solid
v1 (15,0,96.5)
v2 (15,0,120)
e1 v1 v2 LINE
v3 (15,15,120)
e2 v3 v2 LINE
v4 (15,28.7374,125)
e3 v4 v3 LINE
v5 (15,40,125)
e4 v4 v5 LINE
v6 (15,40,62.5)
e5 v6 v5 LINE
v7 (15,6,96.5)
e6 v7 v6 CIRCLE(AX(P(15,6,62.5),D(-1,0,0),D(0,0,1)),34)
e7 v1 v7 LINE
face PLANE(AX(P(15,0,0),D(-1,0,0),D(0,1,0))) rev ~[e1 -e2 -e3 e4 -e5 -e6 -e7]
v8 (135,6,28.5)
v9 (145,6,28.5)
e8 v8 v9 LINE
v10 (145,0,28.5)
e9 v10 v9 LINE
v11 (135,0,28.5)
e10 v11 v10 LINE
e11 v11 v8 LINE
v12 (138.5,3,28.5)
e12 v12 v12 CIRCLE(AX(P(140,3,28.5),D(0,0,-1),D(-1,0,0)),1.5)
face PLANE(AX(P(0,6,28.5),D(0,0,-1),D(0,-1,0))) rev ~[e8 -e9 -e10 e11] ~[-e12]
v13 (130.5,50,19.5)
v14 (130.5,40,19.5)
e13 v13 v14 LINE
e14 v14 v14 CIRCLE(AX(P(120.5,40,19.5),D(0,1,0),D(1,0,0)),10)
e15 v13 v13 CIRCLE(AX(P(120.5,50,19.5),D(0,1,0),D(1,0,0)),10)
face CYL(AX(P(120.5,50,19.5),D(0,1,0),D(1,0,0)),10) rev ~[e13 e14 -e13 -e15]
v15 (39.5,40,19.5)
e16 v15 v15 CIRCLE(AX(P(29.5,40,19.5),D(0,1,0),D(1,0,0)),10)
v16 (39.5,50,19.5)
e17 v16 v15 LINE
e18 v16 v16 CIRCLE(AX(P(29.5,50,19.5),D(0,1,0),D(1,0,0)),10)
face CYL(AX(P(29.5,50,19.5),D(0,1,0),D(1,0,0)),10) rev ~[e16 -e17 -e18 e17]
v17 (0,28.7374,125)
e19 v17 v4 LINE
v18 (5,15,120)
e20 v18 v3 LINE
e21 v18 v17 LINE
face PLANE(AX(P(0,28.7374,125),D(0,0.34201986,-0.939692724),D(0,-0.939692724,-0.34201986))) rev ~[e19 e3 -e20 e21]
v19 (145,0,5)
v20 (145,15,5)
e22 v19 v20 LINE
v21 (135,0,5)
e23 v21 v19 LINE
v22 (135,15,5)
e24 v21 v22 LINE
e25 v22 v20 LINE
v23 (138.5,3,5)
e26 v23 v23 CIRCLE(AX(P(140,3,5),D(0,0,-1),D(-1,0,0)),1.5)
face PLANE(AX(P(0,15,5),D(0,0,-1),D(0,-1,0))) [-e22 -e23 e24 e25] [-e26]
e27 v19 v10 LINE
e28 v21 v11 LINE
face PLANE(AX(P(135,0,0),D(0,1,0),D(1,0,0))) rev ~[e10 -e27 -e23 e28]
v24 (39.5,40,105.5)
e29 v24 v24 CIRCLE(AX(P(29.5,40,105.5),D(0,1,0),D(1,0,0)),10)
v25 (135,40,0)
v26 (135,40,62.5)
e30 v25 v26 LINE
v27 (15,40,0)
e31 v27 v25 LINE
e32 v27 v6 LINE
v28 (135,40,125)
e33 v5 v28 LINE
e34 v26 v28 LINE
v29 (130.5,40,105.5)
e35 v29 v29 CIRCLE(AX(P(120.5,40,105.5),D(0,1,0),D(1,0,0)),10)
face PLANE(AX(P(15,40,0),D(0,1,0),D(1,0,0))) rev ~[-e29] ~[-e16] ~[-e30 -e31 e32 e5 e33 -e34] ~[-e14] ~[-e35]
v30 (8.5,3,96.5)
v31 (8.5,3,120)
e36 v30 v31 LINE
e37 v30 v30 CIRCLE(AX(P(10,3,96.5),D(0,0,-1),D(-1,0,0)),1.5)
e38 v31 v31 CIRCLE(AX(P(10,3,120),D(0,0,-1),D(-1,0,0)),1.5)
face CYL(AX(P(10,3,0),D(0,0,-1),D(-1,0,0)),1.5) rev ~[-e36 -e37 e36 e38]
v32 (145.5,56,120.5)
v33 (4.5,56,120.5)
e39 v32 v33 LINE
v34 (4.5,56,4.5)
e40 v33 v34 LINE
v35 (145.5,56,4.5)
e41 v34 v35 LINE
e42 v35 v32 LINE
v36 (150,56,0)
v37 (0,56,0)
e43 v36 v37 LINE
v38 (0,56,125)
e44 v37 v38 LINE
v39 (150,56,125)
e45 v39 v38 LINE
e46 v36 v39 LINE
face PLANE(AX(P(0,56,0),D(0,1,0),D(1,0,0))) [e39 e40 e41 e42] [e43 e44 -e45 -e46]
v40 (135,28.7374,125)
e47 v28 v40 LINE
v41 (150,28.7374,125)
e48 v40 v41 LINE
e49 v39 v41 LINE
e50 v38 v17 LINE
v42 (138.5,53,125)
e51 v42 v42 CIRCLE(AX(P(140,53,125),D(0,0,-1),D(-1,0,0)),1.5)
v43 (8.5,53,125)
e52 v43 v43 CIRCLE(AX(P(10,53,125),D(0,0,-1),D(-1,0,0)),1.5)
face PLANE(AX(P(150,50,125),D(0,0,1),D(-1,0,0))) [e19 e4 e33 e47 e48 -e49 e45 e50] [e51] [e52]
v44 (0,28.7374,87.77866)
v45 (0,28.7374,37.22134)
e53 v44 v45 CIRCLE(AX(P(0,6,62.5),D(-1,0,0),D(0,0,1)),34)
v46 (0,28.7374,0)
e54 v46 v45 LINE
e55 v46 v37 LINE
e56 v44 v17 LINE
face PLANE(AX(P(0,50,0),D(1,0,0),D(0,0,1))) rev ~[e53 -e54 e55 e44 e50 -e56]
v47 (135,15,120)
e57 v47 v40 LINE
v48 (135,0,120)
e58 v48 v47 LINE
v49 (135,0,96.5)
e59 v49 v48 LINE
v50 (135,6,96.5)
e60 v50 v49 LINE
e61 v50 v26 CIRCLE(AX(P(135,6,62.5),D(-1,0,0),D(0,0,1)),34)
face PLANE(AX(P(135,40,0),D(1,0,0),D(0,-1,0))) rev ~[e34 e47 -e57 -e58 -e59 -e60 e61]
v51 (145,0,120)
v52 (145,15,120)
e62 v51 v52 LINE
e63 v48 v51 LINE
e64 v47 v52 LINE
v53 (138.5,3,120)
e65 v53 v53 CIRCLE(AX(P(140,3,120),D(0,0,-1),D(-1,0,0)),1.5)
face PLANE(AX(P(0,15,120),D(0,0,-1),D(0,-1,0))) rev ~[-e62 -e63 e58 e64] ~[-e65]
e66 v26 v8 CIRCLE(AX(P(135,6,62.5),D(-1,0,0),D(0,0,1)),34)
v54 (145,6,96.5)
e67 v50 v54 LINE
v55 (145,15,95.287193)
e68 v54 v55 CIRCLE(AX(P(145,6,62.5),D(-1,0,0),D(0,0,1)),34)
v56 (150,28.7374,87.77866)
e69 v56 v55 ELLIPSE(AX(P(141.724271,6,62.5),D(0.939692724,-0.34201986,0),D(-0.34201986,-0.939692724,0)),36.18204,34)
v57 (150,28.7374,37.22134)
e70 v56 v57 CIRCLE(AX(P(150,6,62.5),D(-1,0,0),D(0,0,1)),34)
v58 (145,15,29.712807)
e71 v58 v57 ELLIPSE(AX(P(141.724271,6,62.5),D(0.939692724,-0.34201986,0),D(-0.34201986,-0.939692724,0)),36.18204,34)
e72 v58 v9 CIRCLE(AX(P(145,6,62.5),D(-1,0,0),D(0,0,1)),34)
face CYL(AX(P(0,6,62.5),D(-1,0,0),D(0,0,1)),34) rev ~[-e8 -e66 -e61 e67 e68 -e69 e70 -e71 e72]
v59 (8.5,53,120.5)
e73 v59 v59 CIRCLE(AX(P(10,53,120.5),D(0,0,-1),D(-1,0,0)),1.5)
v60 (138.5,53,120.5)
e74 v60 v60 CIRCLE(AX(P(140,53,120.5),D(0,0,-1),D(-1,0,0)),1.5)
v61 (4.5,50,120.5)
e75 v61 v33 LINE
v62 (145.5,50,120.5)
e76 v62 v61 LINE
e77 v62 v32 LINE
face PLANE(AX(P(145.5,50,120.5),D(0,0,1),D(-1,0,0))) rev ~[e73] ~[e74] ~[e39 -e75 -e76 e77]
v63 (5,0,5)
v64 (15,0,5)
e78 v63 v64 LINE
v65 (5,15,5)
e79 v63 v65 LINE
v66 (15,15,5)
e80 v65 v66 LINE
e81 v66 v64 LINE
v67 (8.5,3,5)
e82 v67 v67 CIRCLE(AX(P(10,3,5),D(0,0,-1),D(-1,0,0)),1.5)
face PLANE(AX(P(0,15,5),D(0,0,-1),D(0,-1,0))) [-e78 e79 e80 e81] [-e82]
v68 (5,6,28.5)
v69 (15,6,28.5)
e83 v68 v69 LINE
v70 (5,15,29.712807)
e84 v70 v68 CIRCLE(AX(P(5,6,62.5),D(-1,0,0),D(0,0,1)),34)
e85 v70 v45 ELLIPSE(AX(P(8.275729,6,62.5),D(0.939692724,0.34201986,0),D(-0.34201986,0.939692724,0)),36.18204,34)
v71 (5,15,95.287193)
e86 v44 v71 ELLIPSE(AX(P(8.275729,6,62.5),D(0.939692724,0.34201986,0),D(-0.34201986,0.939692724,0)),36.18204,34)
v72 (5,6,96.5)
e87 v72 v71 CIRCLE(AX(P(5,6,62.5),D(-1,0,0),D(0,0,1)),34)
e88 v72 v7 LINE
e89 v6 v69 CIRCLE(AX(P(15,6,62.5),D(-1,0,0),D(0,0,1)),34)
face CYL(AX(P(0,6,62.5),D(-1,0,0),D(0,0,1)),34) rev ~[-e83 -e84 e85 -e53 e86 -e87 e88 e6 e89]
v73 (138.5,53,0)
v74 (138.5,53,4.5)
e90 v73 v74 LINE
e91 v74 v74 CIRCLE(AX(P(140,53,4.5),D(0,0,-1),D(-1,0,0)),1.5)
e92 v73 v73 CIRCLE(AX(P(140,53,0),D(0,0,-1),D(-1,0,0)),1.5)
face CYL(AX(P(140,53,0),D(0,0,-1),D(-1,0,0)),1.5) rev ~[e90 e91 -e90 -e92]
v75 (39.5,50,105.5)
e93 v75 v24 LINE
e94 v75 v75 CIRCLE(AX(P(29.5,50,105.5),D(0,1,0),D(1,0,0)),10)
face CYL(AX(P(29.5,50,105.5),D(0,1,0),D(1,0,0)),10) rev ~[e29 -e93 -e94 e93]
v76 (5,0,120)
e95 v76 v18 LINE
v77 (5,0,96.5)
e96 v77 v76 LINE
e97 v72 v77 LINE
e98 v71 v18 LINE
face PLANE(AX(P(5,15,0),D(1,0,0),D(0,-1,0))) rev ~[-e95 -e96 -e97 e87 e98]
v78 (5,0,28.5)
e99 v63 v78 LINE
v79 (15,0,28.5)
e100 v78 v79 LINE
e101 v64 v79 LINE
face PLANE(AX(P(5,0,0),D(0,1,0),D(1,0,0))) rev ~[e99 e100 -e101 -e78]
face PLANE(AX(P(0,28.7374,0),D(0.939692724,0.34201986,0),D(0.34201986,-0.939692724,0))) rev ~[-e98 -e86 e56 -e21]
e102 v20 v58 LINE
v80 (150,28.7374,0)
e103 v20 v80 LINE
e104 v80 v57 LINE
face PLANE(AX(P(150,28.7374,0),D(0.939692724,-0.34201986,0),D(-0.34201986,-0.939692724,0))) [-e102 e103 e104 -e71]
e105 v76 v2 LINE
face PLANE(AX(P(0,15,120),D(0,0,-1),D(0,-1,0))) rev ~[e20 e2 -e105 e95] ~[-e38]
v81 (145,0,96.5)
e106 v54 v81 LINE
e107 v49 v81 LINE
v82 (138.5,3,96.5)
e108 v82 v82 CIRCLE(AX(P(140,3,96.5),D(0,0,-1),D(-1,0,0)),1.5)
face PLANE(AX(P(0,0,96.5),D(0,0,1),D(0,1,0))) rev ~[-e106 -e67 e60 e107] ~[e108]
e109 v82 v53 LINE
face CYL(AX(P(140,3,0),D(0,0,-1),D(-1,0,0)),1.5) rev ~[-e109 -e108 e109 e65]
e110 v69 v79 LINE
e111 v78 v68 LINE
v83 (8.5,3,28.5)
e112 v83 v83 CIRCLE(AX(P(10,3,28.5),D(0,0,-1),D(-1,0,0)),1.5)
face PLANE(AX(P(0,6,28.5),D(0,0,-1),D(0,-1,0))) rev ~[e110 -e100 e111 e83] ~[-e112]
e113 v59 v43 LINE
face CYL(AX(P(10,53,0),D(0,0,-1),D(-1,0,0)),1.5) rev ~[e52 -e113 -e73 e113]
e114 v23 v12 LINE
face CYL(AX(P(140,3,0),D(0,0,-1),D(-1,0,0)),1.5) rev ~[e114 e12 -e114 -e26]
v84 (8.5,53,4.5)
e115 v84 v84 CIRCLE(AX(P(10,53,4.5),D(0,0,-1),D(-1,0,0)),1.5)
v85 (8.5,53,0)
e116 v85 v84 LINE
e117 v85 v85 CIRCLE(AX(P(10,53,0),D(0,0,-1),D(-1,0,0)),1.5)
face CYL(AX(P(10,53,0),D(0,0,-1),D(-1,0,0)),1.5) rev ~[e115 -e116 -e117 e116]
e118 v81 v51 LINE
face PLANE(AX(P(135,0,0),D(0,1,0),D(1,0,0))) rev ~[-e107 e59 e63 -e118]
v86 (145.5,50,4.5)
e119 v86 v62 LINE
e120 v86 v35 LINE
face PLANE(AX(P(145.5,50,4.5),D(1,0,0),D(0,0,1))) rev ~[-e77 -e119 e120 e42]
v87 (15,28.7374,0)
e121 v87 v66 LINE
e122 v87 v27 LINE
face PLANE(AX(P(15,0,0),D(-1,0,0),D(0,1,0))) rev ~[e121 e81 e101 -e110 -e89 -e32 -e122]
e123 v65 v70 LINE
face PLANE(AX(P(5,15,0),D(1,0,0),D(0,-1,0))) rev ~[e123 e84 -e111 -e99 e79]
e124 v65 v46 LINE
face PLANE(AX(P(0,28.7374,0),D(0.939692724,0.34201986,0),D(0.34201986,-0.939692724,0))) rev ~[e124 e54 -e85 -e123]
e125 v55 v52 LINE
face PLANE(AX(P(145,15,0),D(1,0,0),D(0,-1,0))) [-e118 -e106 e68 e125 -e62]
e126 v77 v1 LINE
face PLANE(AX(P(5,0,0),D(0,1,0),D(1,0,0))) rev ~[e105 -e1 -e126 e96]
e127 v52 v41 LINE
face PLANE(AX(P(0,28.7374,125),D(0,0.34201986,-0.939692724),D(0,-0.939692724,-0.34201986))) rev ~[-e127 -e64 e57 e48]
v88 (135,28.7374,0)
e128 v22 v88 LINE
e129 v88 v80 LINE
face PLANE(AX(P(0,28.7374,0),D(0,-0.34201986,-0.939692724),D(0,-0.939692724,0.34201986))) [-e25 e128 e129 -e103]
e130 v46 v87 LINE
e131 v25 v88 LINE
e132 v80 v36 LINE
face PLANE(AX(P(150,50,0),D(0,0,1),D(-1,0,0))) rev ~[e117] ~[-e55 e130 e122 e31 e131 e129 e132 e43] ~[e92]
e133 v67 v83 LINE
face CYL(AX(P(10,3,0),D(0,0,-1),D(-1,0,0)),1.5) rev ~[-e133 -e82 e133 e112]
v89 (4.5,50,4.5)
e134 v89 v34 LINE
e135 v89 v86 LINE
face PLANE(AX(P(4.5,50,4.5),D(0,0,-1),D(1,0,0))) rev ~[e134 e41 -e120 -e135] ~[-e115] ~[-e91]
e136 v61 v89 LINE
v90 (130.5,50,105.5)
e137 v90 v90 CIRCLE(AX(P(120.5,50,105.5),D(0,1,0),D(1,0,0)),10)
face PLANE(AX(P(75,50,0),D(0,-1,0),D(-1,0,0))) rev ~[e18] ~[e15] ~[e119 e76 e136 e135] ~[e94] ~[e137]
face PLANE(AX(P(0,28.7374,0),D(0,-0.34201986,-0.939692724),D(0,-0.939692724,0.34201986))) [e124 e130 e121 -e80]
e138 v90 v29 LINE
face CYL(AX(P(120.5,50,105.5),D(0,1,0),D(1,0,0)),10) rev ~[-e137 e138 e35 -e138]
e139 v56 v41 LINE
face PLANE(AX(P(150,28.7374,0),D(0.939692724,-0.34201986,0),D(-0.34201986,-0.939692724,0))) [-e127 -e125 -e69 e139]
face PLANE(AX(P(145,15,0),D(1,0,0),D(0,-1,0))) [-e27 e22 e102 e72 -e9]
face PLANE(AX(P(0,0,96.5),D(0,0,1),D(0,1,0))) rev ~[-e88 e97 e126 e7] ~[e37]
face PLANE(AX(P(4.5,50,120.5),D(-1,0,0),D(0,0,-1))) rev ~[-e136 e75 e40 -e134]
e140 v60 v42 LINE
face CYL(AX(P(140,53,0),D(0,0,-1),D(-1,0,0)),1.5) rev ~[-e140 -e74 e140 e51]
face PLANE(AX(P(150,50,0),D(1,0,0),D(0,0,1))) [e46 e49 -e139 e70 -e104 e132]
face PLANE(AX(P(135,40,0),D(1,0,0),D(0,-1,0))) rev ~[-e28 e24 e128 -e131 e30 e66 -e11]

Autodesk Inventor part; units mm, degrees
ref_plane "YZ Plane" through (0, 0, 0) normal (1, 0, 0) x (0, 1, 0)
ref_plane "XZ Plane" through (0, 0, 0) normal (0, 1, 0) x (-1, 0, 0)
ref_plane "XY Plane" through (0, 0, 0) normal (0, 0, 1) x (1, 0, 0)
sketch "스케치1" plane through (0, 0, 0) normal (0, 0, 1) x (1, 0, 0)
  line L0 (0, 0) -> (15, 0)
  line L1 (15, 0) -> (15, 40)
  line L2 (15, 40) -> (135, 40)
  line L3 (135, 40) -> (135, 0)
  line L4 (135, 0) -> (150, 0)
  line L5 (150, 0) -> (150, 50)
  line L6 (150, 50) -> (0, 50)
  line L7 (0, 50) -> (0, 0)
  line L8 (0, 28.7374) -> (5, 15)
  line L9 (5, 15) -> (5, 0)
  line L10 (75, 50) -> (75, 45.4681)
  line L11 (150, 28.7374) -> (145, 15)
  line L12 (145, 15) -> (145, 0)
  point P0 (145, 0)
  dimension "d0" = 150
  dimension "d1" = 15
  dimension "d2" = 15
  dimension "d3" = 10
  dimension "d4" = 50
  dimension "d7" = 10
  dimension "d8" = 160
  dimension "d9" = 15
extrude "돌출1" add sketch "스케치1" along normal blind 125 contours L9 L8 L7 L6 L5 L11 L12 L4 L3 L2 L1 L0
sketch "스케치2" plane through (0, 28.7374, 0) normal (-1, 0, 0) x (0, 0, 1)
  line L0 (0, 21.2626) -> (125, 21.2626) projected
  line L1 (62.5, 21.2626) -> (62.5, 15.0045)
  line L2 (0, 0) -> (0, -13.7374) projected
  line L3 (0, 0) -> (5, -13.7374)
  line L4 (5, -13.7374) -> (5, -28.7374)
  line L5 (0, -28.7374) -> (125, -28.7374) projected
  line L6 (0, 11.2626) -> (0, -28.7374) projected
  line L7 (0, -28.7374) -> (0, 11.2626) projected
  line L8 (0, -13.7374) -> (0, -28.7374) projected
  line L9 (0, 0) -> (0, -13.7374) projected
  line L10 (0, 21.2626) -> (0, 0) projected
  line L11 (0, 0) -> (0, 21.2626) projected
  line L12 (0, -13.7374) -> (0, 0) projected
  line L13 (0, -28.7374) -> (0, -13.7374) projected
  line L14 (125, -28.7374) -> (125, -13.7374) projected
  line L15 (125, -13.7374) -> (125, 0) projected
  line L16 (125, 0) -> (125, 21.2626) projected
  line L17 (125, 21.2626) -> (125, 0) projected
  line L18 (125, 0) -> (125, -13.7374) projected
  line L19 (125, -13.7374) -> (125, -28.7374) projected
  line L20 (125, -28.7374) -> (125, 11.2626) projected
  line L21 (125, 11.2626) -> (125, -28.7374) projected
  line L22 (125, 0) -> (120, -13.7374)
  line L23 (120, -13.7374) -> (120, -28.7374)
  dimension "d10" = 15
  dimension "d11" = 160
extrude "돌출2" cut sketch "스케치2" against normal through all contours L3 L4 L5 L6 L2 | L15 L14 L5 L23 L22
sketch "스케치3" plane through (0, 50, 0) normal (0, 1, 0) x (1, 0, 0)
  line L0 (150, 0) -> (0, 0) projected
  line L1 (0, 0) -> (0, -125) projected
  line L2 (150, -125) -> (0, -125) projected
  line L3 (150, 0) -> (150, -125) projected
  line L4 (4.5, -4.5) -> (145.5, -4.5)
  line L5 (145.5, -4.5) -> (145.5, -120.5)
  line L6 (145.5, -120.5) -> (4.5, -120.5)
  line L7 (4.5, -120.5) -> (4.5, -4.5)
  circle A0 centre (29.5, -19.5) radius 10
  circle A1 centre (29.5, -105.5) radius 10
  circle A2 centre (120.5, -19.5) radius 10
  circle A3 centre (120.5, -105.5) radius 10
  point P0 (0, 0)
  dimension "d14" = 4.5
  dimension "d17" = 20
  dimension "d18" = 15
  dimension "d19" = 25
  dimension "d20" = 25
  dimension "d21" = 15
extrude "돌출3" add sketch "스케치3" along normal blind 6 contours L3 L2 L1 L0
extrude "돌출4" cut sketch "스케치3" against normal through all contours A0 | A1 | A2 | A3
sketch "스케치5" plane through (0, 0, 0) normal (0, 0, -1) x (-1, 0, 0)
  circle A0 centre (-140, 53) radius 1.5
  line L0 (-135, 0) -> (-145, 0) projected
  line L1 (-150, 56) -> (0, 56) projected
  line L2 (-4.5, 56) -> (-145.5, 56) projected
  line L3 (-75, 56) -> (-75, 53)
  circle A1 centre (-10, 53) radius 1.5
  circle A2 centre (-140, 3) radius 1.5
  circle A3 centre (-10, 3) radius 1.5
  point P0 (0, 0)
  point P1 (-140, 0)
  dimension "d30" = 3
  dimension "d31" = 3
  dimension "d34" = 3
extrude "돌출6" cut sketch "스케치5" against normal through all
sketch "스케치6" plane through (0, 28.7374, 0) normal (-1, 0, 0) x (0, 0, 1)
  arc A0 (96.5, -22.7374) -> (28.5, -22.7374) centre (62.5, -22.7374) ccw
  line L0 (5, -28.7374) -> (120, -28.7374) projected
  line L1 (28.5, -22.7374) -> (28.5, -28.7374)
  line L2 (96.5, -28.7374) -> (96.5, -22.7374)
  point P0 (0, -28.7374)
  point P1 (62.5, -28.7374)
  point P2 (99.6652, -28.7374)
  point P3 (25.3348, -28.7374)
  dimension "d35" = 68
  dimension "d38" = 6
extrude "돌출7" cut sketch "스케치6" against normal through all
equation "\"d10\" = d9"
equation "\"d11\" = d8"
equation "\"d20\" = d19"
equation "\"d21\" = d18"
equation "\"d34\" = d30"
properties part number "partContainer"
